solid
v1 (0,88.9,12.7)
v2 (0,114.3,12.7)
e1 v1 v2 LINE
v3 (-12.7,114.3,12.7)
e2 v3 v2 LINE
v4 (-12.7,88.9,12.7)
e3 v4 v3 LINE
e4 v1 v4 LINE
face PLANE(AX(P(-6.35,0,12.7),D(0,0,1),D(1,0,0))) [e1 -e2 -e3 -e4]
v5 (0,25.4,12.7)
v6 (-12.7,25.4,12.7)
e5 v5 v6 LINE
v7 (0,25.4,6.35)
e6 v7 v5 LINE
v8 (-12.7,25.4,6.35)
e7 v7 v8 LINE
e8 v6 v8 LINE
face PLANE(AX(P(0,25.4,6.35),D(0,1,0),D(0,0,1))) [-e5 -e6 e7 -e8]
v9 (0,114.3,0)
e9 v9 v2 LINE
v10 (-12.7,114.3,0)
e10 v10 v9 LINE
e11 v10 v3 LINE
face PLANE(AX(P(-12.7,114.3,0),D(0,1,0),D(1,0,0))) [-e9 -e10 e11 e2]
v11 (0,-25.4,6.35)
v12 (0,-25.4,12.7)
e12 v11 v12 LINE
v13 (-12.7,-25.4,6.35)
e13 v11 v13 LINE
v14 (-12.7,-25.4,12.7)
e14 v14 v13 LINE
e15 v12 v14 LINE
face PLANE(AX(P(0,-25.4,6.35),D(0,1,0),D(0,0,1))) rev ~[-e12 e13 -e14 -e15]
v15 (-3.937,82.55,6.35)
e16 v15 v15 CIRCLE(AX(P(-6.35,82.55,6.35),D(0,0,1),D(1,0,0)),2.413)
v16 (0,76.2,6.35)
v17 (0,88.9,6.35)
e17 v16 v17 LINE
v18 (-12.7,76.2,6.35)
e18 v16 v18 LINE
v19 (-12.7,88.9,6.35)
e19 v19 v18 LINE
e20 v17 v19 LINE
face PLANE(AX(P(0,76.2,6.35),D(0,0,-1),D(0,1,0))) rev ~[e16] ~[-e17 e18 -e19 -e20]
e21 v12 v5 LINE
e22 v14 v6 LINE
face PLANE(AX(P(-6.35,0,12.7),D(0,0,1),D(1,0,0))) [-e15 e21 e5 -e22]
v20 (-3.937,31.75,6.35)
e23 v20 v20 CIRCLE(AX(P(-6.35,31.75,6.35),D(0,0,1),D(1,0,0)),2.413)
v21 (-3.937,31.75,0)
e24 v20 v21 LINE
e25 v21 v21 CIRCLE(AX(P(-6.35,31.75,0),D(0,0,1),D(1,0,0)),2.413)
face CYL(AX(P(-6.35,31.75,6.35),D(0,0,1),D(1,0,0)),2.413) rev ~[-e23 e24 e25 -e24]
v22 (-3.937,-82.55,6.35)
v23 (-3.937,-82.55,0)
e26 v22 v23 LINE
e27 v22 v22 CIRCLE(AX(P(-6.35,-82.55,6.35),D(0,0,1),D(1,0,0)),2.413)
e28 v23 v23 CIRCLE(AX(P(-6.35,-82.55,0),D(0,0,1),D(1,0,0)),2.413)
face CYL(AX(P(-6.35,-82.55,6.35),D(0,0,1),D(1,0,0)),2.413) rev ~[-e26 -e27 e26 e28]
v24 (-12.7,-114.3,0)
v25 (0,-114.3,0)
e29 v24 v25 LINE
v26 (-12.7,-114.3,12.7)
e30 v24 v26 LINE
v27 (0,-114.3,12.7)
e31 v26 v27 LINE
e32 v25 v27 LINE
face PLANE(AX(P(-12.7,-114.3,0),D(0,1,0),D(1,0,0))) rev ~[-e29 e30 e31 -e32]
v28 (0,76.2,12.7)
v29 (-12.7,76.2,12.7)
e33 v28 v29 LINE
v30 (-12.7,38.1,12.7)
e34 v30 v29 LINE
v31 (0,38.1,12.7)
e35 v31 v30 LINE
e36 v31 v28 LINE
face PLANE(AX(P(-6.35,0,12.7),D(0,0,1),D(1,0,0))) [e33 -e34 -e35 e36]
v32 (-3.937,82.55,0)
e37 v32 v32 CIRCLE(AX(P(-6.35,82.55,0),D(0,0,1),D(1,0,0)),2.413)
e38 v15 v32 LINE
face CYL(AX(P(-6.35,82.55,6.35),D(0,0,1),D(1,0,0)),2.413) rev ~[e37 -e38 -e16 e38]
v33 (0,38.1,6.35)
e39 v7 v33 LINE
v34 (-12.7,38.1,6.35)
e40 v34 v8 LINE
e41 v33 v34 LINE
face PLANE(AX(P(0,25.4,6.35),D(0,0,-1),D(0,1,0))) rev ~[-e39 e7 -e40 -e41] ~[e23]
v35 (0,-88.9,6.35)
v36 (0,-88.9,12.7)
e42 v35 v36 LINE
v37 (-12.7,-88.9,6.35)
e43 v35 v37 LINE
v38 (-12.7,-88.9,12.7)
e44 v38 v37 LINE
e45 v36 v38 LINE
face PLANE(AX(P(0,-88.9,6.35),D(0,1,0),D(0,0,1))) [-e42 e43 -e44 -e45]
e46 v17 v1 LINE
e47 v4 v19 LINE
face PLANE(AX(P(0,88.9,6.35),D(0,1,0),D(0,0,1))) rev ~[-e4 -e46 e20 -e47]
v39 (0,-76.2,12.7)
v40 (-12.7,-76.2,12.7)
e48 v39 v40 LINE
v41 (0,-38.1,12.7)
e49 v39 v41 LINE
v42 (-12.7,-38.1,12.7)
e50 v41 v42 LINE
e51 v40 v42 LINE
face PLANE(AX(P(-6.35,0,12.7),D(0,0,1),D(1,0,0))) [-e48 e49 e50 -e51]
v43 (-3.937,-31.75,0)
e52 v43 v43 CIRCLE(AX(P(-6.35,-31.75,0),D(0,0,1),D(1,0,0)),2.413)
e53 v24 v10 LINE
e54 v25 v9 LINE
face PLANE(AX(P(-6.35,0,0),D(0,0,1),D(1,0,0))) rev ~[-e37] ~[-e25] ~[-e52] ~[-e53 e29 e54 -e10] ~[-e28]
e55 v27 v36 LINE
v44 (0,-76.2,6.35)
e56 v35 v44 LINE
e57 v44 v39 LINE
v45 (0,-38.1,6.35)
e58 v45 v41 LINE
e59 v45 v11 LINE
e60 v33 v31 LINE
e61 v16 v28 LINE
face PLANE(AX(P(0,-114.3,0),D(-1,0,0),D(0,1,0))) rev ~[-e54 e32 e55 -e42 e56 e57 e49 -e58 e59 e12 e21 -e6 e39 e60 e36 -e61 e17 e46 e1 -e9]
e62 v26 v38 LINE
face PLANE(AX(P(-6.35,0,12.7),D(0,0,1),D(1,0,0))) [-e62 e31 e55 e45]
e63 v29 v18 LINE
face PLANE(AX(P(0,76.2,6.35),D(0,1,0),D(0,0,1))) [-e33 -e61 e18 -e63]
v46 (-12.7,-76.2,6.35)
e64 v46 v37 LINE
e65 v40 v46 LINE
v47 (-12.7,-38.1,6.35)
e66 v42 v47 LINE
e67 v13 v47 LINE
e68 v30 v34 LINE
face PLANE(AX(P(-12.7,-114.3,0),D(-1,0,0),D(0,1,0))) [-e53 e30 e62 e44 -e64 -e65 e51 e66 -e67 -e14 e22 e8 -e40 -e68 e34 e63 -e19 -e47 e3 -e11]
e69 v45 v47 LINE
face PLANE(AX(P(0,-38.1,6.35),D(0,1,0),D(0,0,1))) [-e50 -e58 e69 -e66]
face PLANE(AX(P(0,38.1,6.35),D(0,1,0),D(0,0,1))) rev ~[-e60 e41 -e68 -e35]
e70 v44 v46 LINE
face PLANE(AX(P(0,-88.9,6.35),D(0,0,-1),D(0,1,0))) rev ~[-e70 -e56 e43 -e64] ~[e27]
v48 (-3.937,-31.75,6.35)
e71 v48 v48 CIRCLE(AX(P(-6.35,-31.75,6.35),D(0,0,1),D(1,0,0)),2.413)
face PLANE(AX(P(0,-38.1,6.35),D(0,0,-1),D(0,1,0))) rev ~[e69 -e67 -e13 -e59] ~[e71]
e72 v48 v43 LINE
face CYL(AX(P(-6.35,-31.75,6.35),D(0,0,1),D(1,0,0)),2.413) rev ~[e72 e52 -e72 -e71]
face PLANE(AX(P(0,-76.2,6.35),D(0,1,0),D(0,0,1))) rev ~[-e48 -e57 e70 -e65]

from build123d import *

# Parameters (mm, degrees)
F0_W     = 12.7
F0_H     = 228.6
F1_DEPTH = 12.7
F2_W     = 12.7
F2_H     = 6.35
F3_DEPTH = 12.701
F4_R     = 2.413
F5_DEPTH = 6.351


with BuildPart() as f1:
    # F0 (on Top) → F1 (new body)
    with BuildSketch(Plane.XY):
        with Locations((-6.35, 0)):
            Rectangle(F0_W, F0_H)
    extrude(amount=F1_DEPTH)

    # F2 (on face) → F3 (cut, through all)
    with BuildSketch(Plane.YZ):
        with Locations((82.55, 9.525)):
            Rectangle(F2_W, F2_H)
        with Locations((31.75, 9.525)):
            Rectangle(F2_W, F2_H)
        with Locations((-31.75, 9.525)):
            Rectangle(F2_W, F2_H)
        with Locations((-82.55, 9.525)):
            Rectangle(F2_W, F2_H)
    extrude(amount=-F3_DEPTH, mode=Mode.SUBTRACT)

    # F4 (on face) → F5 (cut, through all)
    with BuildSketch(Plane.XY.offset(6.35)):
        with Locations((-6.35, 82.55)):
            Circle(F4_R)
        with Locations((-6.35, 31.75)):
            Circle(F4_R)
        with Locations((-6.35, -31.75)):
            Circle(F4_R)
        with Locations((-6.35, -82.55)):
            Circle(F4_R)
    extrude(amount=-F5_DEPTH, mode=Mode.SUBTRACT)


solid = f1.part
